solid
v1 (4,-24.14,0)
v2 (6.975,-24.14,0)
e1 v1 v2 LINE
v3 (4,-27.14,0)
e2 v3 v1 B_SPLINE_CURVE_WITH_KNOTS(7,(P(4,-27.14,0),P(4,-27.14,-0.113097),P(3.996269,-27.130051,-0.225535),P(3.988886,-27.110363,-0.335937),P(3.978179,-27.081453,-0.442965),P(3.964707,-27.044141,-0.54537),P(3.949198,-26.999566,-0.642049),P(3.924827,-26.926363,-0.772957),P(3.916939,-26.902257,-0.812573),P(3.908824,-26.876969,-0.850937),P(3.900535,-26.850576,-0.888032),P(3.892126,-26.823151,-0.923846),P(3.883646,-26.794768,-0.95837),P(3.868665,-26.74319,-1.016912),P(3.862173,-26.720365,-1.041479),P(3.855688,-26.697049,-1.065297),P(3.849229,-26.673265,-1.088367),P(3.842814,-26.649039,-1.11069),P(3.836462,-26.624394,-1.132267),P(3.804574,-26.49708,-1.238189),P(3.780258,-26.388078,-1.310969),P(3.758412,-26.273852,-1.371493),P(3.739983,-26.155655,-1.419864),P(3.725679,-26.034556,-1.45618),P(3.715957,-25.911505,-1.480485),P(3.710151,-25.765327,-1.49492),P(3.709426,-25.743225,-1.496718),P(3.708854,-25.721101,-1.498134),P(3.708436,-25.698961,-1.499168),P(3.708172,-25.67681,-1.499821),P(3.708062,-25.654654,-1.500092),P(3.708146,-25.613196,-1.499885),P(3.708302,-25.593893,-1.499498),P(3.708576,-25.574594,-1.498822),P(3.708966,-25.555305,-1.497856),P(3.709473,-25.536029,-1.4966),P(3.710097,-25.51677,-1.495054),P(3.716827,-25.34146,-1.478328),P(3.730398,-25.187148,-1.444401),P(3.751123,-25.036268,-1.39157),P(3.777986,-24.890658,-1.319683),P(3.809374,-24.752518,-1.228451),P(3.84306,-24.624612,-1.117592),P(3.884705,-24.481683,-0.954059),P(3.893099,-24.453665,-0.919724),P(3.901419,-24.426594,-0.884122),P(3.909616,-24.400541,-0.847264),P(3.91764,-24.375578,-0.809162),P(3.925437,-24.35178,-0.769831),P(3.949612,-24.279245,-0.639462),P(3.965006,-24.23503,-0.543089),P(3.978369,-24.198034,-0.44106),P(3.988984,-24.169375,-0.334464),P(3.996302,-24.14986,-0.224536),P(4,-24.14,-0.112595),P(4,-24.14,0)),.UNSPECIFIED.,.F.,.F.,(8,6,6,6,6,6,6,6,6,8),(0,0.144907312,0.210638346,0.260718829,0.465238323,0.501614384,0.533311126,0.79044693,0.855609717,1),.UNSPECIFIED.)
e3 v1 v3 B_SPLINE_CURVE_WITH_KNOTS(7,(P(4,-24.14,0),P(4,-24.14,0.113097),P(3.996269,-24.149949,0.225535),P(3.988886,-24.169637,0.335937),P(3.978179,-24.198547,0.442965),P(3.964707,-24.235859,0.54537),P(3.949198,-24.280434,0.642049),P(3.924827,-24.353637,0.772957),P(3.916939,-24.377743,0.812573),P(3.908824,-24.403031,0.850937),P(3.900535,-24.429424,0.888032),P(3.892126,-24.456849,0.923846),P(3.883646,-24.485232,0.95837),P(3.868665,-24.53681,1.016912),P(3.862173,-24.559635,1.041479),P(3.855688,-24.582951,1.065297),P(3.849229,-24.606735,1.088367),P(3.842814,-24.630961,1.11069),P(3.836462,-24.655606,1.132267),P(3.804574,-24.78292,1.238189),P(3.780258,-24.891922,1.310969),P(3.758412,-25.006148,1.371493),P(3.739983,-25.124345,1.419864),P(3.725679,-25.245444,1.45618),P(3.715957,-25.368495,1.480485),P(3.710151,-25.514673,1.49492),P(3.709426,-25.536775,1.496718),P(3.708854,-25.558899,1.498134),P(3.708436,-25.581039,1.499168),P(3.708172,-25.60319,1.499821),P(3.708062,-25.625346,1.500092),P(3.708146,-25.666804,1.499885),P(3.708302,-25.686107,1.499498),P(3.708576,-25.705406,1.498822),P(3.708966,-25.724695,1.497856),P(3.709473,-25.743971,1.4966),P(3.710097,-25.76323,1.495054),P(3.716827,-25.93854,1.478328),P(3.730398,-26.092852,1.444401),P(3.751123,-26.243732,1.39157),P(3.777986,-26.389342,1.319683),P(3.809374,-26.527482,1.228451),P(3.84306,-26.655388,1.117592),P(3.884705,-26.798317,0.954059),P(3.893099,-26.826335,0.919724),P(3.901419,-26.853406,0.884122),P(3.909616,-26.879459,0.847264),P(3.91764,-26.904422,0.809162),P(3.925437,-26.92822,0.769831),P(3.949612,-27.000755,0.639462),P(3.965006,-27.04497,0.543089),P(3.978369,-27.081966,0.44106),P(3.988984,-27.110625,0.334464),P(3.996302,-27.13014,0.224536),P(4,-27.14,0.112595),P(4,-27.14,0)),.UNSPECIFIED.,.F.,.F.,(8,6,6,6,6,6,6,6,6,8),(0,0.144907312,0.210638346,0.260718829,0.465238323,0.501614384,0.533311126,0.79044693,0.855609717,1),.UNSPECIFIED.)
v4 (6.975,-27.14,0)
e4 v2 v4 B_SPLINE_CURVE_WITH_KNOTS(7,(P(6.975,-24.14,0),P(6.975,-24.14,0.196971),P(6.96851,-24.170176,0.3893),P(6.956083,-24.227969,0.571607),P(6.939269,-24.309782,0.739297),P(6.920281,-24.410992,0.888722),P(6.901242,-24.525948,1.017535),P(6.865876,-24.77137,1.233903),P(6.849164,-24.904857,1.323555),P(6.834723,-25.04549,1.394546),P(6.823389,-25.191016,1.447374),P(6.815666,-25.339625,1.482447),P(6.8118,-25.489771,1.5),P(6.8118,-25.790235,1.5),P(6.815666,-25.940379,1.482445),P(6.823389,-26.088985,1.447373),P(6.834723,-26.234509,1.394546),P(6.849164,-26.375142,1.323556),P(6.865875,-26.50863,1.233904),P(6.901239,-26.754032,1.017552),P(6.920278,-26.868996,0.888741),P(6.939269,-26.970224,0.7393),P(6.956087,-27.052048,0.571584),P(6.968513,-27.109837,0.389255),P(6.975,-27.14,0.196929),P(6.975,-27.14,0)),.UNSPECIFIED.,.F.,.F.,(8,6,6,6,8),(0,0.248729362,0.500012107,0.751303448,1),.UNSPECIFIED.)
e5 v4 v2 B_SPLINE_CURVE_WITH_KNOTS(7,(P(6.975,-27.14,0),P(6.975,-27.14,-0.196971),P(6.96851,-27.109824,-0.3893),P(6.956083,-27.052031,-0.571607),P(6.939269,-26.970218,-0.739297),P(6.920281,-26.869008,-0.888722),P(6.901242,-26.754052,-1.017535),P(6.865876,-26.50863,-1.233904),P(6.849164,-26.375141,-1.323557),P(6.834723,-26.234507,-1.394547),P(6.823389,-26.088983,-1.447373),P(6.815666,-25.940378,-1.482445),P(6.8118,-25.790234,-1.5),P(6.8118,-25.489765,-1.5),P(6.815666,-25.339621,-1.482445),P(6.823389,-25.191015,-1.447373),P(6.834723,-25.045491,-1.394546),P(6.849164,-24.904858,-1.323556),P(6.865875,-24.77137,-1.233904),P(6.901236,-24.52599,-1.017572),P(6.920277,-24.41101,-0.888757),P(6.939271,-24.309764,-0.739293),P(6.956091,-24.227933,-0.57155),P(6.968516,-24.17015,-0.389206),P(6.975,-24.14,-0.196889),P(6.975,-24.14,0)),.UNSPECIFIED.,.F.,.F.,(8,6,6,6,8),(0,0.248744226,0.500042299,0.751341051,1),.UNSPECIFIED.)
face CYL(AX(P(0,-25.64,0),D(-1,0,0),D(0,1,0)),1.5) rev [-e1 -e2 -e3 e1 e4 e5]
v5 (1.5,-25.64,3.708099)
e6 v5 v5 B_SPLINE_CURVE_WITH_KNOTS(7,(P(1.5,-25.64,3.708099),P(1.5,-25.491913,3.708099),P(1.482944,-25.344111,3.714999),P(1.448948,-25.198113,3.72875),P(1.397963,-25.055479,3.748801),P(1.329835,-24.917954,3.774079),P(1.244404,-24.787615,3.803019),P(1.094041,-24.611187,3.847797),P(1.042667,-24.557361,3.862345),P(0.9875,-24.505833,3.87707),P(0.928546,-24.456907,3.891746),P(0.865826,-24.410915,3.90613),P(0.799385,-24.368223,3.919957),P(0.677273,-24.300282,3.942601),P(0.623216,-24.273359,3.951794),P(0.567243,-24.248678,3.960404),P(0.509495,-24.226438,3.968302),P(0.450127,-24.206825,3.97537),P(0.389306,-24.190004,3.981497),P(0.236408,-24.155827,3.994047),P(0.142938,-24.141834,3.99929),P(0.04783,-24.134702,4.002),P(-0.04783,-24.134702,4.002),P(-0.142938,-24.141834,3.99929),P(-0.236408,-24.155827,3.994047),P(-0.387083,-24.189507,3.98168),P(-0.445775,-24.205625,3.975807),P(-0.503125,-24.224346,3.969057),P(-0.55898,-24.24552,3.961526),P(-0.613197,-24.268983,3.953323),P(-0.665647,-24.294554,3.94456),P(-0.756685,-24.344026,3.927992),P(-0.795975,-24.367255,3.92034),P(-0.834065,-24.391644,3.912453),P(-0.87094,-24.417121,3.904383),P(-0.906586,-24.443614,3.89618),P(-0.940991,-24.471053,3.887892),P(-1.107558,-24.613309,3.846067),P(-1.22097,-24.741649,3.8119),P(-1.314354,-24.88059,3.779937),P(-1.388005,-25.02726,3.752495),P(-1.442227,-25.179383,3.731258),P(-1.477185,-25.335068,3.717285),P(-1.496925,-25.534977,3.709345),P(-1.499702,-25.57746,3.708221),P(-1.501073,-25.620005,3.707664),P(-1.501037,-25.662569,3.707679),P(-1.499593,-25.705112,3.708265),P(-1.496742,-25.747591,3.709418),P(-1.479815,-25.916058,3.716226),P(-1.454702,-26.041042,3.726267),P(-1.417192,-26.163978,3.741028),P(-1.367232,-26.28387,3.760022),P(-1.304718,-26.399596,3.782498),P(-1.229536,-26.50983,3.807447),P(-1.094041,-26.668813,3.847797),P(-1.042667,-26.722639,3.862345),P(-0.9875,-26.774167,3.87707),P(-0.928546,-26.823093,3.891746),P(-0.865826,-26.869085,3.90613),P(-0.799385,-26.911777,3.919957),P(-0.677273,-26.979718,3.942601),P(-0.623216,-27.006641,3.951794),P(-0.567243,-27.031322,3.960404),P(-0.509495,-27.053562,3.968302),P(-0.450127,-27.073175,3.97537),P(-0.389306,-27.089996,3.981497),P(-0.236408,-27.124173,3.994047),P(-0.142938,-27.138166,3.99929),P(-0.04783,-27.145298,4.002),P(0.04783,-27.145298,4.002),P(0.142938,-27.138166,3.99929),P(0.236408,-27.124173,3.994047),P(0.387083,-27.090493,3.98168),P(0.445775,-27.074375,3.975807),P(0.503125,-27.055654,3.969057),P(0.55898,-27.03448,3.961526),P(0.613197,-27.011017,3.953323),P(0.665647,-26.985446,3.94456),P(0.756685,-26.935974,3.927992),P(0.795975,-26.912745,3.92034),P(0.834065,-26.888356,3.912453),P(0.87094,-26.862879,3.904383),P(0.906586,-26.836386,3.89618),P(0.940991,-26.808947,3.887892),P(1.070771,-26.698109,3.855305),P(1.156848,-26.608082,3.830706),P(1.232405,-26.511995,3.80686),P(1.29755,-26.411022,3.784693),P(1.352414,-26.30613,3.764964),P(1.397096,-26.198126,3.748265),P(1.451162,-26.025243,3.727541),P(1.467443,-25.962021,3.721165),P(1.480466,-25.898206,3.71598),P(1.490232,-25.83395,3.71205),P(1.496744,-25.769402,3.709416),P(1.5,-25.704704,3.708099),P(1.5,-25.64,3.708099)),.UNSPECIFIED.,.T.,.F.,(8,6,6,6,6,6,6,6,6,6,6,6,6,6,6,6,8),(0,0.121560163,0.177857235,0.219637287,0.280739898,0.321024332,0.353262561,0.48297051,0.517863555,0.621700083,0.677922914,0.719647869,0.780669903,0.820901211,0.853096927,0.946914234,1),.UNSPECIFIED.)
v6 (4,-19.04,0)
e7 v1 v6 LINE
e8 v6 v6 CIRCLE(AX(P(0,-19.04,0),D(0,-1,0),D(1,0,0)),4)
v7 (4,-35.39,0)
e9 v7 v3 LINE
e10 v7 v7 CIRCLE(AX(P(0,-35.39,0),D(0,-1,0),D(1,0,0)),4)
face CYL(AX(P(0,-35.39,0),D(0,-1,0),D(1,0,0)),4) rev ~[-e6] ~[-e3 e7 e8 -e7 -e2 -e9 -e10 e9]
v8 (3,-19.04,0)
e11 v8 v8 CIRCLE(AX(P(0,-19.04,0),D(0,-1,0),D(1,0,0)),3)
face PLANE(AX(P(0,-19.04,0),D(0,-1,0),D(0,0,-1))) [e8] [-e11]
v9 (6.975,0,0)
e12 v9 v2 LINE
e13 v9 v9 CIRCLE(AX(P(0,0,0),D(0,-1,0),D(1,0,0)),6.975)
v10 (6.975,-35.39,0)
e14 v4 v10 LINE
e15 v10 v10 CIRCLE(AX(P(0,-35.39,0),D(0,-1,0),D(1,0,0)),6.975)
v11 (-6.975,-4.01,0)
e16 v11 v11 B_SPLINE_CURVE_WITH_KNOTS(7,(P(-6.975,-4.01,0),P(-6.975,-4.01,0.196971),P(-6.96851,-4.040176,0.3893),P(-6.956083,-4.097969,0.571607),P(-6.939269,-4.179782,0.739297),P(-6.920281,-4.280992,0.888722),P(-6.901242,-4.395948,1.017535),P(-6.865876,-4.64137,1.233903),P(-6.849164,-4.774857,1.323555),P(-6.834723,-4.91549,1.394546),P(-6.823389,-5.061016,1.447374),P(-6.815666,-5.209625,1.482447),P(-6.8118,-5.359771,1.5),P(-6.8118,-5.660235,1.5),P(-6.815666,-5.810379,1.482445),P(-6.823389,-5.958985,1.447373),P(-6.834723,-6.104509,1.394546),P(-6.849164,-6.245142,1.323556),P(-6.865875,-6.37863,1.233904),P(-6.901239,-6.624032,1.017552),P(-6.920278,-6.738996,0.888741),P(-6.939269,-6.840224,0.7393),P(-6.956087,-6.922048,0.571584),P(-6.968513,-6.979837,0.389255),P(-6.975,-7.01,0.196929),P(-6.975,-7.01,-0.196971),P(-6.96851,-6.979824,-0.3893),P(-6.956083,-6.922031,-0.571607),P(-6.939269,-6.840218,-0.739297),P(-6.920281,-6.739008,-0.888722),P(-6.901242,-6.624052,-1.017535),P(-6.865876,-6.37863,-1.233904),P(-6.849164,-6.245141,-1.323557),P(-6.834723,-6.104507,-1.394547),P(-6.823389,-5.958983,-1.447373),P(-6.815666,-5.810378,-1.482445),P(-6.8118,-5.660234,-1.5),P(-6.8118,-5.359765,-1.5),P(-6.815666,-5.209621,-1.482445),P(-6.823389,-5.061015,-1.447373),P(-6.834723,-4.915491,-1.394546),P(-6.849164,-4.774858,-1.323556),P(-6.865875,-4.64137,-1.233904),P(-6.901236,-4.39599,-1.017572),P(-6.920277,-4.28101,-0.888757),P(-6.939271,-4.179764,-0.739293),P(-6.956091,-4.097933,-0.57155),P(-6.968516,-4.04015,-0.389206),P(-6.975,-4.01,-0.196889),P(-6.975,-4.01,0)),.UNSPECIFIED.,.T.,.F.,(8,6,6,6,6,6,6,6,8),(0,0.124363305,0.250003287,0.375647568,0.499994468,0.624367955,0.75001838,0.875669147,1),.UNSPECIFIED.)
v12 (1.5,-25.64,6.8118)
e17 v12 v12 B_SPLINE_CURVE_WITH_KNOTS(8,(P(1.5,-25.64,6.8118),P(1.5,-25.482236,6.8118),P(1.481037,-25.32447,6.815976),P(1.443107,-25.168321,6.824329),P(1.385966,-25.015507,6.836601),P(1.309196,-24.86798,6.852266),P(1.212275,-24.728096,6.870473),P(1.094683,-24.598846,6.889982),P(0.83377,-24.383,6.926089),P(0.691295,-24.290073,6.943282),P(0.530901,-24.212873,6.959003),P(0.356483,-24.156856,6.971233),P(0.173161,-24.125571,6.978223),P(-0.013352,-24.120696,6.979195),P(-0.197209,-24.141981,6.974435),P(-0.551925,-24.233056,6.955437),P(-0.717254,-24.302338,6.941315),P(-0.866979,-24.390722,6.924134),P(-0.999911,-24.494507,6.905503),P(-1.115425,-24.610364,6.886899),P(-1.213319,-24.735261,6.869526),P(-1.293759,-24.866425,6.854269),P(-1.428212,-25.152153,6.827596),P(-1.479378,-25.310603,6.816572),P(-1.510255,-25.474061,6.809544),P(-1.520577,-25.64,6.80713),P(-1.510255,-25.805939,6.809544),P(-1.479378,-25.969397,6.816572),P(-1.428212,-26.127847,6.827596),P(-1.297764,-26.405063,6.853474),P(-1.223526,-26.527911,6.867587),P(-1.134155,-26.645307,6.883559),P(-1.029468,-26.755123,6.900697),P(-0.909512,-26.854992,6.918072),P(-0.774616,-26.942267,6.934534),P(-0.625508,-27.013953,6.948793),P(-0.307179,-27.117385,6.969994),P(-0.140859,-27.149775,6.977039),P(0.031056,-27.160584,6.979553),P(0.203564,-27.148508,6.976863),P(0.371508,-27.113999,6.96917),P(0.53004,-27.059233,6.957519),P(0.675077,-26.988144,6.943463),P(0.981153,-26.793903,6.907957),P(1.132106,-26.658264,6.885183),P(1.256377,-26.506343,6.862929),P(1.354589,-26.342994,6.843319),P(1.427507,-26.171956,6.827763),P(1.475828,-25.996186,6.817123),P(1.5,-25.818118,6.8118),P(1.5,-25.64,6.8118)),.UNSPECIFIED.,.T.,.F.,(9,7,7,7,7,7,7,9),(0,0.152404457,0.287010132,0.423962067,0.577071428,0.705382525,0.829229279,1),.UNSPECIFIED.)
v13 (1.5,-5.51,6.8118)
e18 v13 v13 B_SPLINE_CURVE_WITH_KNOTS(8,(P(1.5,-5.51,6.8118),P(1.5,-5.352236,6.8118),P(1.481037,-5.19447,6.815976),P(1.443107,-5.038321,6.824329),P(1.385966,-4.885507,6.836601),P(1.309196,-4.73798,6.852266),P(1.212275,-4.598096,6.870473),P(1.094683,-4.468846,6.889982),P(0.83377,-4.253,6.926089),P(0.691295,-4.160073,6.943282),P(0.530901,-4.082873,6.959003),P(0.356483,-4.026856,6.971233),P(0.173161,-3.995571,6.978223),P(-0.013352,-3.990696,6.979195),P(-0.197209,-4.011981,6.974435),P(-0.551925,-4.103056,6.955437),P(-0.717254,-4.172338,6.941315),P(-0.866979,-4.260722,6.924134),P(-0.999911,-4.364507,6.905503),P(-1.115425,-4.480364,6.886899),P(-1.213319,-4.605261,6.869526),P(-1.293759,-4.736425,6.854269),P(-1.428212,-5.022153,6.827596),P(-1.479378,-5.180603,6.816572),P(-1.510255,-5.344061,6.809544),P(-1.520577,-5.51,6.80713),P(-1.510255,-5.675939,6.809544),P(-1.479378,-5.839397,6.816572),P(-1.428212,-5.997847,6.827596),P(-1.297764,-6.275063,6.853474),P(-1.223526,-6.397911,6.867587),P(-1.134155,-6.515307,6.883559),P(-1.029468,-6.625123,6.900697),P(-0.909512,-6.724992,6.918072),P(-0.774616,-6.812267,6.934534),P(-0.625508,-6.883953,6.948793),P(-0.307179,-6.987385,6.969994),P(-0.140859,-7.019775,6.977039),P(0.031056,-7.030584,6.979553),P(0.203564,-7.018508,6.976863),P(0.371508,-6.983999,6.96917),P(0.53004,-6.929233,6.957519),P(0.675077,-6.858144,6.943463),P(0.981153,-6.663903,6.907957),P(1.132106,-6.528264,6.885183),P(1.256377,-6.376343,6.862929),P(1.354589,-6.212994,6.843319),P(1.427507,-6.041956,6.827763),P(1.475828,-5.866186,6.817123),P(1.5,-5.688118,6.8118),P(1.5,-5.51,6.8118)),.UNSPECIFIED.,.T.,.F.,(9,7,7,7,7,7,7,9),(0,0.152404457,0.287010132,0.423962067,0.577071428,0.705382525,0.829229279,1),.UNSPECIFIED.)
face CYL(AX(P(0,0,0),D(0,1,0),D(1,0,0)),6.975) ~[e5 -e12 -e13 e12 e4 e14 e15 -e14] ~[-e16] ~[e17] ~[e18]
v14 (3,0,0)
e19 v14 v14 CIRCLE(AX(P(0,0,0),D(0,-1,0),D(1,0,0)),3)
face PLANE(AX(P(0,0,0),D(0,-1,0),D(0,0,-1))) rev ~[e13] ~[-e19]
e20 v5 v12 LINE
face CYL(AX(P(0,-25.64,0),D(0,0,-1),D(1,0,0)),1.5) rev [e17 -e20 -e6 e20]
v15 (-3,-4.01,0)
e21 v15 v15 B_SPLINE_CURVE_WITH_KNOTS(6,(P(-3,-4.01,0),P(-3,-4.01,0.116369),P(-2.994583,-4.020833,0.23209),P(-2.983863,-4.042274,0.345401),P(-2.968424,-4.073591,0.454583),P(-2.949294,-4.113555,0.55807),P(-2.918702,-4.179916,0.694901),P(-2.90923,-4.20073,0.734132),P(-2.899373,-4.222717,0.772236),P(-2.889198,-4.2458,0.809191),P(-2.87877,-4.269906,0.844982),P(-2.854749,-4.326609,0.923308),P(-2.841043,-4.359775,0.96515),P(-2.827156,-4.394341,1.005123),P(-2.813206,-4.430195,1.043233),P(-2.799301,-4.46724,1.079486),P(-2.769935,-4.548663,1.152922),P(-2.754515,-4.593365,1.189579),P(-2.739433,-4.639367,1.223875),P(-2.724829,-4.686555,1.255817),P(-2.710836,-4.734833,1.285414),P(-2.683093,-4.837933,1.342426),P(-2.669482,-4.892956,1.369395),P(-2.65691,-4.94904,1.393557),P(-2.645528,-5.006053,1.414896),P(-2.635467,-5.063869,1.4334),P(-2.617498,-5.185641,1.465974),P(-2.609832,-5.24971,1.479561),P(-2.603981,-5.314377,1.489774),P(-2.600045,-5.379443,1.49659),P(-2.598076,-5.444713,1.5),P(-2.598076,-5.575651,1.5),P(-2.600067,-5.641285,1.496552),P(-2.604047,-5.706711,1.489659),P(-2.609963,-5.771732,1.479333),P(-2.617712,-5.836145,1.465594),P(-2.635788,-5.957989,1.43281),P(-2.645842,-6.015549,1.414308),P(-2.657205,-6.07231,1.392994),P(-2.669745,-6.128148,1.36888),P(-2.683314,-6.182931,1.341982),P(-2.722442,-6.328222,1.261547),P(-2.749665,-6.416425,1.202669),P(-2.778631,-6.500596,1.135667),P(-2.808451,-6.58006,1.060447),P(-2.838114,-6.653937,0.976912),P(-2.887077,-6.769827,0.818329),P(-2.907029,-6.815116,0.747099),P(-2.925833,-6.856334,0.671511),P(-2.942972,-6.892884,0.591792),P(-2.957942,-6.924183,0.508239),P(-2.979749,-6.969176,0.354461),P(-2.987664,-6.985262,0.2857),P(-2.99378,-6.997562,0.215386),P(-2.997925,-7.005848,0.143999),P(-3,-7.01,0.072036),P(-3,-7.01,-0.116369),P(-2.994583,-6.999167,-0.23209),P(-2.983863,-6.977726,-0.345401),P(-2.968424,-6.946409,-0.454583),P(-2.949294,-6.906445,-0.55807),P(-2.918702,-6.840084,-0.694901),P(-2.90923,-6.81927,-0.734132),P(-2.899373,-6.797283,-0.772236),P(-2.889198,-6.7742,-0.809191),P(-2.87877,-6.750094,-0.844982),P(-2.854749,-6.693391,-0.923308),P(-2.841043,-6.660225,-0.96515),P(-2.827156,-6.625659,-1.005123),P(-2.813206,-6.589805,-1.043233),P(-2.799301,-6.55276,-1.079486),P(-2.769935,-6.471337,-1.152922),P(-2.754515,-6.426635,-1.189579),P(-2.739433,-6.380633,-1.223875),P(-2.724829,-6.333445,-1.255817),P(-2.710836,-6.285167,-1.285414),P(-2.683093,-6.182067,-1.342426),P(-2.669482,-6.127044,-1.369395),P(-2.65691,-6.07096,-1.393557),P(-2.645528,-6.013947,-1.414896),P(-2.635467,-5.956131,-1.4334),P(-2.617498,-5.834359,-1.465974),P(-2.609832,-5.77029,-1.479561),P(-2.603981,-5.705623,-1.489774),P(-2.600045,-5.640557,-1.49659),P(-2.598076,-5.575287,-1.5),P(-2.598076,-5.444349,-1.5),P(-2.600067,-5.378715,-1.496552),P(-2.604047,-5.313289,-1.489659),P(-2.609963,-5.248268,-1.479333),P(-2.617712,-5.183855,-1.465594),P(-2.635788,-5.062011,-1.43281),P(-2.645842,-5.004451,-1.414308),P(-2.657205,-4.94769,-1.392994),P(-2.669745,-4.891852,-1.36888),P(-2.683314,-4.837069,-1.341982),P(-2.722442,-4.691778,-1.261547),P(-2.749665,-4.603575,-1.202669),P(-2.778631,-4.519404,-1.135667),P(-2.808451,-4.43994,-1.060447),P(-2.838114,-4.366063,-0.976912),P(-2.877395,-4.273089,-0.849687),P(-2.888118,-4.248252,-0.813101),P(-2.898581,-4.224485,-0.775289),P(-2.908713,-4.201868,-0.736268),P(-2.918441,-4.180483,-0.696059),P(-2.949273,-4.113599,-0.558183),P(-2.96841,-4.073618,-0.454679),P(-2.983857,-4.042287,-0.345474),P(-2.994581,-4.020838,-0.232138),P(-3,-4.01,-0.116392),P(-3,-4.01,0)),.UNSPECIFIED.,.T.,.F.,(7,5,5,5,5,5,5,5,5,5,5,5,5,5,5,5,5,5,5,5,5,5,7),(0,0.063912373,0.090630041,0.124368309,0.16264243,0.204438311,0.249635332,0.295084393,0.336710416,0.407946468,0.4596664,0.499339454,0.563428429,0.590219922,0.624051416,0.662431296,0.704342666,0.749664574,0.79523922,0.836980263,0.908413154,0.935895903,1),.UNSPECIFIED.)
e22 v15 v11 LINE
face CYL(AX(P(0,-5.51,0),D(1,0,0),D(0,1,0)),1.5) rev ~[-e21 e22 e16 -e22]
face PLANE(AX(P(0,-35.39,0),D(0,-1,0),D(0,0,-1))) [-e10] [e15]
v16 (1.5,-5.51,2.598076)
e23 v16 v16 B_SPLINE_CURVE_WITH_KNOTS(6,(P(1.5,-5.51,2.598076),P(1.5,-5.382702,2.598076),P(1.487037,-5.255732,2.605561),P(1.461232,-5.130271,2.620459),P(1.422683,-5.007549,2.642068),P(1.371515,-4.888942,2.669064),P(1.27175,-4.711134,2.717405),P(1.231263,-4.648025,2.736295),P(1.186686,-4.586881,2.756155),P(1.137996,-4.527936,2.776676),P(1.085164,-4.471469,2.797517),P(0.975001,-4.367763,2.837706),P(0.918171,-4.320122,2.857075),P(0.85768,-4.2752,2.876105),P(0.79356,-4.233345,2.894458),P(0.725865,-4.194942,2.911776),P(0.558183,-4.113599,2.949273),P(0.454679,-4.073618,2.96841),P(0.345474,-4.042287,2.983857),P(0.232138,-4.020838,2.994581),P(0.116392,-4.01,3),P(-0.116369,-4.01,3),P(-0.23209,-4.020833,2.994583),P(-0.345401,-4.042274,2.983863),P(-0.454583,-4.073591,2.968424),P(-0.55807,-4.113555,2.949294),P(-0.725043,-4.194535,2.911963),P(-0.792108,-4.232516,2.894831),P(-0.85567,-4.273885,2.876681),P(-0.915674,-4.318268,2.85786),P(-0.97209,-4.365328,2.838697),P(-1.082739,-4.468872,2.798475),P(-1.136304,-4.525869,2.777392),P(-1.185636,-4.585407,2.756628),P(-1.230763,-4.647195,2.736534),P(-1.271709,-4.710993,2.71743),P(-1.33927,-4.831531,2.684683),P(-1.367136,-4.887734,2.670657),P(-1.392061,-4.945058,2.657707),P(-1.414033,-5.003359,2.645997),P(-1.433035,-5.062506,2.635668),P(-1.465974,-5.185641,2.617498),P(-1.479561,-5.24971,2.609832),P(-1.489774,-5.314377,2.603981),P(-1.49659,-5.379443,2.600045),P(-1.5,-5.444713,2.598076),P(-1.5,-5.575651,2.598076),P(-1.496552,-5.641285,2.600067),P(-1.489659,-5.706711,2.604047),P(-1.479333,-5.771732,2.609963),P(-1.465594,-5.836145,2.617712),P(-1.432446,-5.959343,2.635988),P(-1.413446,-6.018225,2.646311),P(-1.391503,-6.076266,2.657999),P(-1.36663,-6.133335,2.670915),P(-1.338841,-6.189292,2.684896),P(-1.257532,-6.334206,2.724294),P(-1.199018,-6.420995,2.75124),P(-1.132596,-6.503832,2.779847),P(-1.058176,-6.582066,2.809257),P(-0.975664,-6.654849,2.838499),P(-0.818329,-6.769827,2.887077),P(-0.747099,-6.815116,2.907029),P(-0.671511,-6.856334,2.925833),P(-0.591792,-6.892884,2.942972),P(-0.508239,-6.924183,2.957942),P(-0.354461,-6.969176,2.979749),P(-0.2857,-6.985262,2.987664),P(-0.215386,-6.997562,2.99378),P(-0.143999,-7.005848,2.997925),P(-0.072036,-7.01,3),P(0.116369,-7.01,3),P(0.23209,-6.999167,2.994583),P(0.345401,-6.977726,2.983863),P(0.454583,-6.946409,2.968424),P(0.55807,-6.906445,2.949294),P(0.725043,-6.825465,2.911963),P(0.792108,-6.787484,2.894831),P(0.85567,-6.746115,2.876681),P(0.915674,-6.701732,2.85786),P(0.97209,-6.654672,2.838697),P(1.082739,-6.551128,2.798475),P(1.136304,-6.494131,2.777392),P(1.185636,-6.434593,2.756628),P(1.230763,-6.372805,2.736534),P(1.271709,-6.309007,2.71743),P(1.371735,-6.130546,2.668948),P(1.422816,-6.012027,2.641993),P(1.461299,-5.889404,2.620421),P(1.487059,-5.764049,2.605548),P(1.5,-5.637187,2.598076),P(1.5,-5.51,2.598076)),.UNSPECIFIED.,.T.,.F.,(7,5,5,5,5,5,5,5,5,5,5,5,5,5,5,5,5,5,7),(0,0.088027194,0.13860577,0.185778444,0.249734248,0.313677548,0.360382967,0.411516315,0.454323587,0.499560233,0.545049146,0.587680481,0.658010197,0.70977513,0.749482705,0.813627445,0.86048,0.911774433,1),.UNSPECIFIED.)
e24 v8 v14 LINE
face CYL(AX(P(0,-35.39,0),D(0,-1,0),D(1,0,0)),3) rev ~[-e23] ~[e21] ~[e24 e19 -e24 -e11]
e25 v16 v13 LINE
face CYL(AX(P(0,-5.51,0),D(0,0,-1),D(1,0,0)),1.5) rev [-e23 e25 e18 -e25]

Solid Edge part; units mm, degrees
sketch "Sketch1" plane through (0, 0, 0) normal (0, -1, 0) x (1, 0, 0)
  circle A0 centre (0, 0) radius 6.975
extrude "Protrusion1" add sketch "Sketch1" along normal blind 35.39
sketch "Sketch2" plane through (0, -35.39, 0) normal (0, -1, 0) x (1, 0, 0)
  circle A0 centre (0, 0) radius 3
extrude "Cutout1" cut sketch "Sketch2" against normal through all
sketch "Sketch3" plane through (0, -35.39, 0) normal (0, -1, 0) x (1, 0, 0)
  circle A0 centre (0, 0) radius 4
extrude "ExtrudedCutout_2" cut sketch "Sketch3" against normal blind 16.35
sketch "Sketch4" plane through (0, 0, 0) normal (0, 0, 1) x (1, 0, 0)
  circle A0 centre (0, -25.64) radius 1.5
  circle A1 centre (0, -5.51) radius 1.5
  dimension "D1" = 3
  dimension "D2" = 3
extrude "ExtrudedCutout_3" cut sketch "Sketch4" along normal blind 12.2726
sketch "Sketch5" plane through (0, 0, 0) normal (1, 0, 0) x (0, 1, 0)
  circle A0 centre (-25.64, 0) radius 1.5
extrude "ExtrudedCutout_4" cut sketch "Sketch5" along normal blind 9.4946
sketch "Sketch6" plane through (0, 0, 0) normal (1, 0, 0) x (0, 1, 0)
  circle A0 centre (-5.51, 0) radius 1.5
extrude "ExtrudedCutout_5" cut sketch "Sketch6" against normal blind 15.7832
properties material "Aluminum, 5050"
